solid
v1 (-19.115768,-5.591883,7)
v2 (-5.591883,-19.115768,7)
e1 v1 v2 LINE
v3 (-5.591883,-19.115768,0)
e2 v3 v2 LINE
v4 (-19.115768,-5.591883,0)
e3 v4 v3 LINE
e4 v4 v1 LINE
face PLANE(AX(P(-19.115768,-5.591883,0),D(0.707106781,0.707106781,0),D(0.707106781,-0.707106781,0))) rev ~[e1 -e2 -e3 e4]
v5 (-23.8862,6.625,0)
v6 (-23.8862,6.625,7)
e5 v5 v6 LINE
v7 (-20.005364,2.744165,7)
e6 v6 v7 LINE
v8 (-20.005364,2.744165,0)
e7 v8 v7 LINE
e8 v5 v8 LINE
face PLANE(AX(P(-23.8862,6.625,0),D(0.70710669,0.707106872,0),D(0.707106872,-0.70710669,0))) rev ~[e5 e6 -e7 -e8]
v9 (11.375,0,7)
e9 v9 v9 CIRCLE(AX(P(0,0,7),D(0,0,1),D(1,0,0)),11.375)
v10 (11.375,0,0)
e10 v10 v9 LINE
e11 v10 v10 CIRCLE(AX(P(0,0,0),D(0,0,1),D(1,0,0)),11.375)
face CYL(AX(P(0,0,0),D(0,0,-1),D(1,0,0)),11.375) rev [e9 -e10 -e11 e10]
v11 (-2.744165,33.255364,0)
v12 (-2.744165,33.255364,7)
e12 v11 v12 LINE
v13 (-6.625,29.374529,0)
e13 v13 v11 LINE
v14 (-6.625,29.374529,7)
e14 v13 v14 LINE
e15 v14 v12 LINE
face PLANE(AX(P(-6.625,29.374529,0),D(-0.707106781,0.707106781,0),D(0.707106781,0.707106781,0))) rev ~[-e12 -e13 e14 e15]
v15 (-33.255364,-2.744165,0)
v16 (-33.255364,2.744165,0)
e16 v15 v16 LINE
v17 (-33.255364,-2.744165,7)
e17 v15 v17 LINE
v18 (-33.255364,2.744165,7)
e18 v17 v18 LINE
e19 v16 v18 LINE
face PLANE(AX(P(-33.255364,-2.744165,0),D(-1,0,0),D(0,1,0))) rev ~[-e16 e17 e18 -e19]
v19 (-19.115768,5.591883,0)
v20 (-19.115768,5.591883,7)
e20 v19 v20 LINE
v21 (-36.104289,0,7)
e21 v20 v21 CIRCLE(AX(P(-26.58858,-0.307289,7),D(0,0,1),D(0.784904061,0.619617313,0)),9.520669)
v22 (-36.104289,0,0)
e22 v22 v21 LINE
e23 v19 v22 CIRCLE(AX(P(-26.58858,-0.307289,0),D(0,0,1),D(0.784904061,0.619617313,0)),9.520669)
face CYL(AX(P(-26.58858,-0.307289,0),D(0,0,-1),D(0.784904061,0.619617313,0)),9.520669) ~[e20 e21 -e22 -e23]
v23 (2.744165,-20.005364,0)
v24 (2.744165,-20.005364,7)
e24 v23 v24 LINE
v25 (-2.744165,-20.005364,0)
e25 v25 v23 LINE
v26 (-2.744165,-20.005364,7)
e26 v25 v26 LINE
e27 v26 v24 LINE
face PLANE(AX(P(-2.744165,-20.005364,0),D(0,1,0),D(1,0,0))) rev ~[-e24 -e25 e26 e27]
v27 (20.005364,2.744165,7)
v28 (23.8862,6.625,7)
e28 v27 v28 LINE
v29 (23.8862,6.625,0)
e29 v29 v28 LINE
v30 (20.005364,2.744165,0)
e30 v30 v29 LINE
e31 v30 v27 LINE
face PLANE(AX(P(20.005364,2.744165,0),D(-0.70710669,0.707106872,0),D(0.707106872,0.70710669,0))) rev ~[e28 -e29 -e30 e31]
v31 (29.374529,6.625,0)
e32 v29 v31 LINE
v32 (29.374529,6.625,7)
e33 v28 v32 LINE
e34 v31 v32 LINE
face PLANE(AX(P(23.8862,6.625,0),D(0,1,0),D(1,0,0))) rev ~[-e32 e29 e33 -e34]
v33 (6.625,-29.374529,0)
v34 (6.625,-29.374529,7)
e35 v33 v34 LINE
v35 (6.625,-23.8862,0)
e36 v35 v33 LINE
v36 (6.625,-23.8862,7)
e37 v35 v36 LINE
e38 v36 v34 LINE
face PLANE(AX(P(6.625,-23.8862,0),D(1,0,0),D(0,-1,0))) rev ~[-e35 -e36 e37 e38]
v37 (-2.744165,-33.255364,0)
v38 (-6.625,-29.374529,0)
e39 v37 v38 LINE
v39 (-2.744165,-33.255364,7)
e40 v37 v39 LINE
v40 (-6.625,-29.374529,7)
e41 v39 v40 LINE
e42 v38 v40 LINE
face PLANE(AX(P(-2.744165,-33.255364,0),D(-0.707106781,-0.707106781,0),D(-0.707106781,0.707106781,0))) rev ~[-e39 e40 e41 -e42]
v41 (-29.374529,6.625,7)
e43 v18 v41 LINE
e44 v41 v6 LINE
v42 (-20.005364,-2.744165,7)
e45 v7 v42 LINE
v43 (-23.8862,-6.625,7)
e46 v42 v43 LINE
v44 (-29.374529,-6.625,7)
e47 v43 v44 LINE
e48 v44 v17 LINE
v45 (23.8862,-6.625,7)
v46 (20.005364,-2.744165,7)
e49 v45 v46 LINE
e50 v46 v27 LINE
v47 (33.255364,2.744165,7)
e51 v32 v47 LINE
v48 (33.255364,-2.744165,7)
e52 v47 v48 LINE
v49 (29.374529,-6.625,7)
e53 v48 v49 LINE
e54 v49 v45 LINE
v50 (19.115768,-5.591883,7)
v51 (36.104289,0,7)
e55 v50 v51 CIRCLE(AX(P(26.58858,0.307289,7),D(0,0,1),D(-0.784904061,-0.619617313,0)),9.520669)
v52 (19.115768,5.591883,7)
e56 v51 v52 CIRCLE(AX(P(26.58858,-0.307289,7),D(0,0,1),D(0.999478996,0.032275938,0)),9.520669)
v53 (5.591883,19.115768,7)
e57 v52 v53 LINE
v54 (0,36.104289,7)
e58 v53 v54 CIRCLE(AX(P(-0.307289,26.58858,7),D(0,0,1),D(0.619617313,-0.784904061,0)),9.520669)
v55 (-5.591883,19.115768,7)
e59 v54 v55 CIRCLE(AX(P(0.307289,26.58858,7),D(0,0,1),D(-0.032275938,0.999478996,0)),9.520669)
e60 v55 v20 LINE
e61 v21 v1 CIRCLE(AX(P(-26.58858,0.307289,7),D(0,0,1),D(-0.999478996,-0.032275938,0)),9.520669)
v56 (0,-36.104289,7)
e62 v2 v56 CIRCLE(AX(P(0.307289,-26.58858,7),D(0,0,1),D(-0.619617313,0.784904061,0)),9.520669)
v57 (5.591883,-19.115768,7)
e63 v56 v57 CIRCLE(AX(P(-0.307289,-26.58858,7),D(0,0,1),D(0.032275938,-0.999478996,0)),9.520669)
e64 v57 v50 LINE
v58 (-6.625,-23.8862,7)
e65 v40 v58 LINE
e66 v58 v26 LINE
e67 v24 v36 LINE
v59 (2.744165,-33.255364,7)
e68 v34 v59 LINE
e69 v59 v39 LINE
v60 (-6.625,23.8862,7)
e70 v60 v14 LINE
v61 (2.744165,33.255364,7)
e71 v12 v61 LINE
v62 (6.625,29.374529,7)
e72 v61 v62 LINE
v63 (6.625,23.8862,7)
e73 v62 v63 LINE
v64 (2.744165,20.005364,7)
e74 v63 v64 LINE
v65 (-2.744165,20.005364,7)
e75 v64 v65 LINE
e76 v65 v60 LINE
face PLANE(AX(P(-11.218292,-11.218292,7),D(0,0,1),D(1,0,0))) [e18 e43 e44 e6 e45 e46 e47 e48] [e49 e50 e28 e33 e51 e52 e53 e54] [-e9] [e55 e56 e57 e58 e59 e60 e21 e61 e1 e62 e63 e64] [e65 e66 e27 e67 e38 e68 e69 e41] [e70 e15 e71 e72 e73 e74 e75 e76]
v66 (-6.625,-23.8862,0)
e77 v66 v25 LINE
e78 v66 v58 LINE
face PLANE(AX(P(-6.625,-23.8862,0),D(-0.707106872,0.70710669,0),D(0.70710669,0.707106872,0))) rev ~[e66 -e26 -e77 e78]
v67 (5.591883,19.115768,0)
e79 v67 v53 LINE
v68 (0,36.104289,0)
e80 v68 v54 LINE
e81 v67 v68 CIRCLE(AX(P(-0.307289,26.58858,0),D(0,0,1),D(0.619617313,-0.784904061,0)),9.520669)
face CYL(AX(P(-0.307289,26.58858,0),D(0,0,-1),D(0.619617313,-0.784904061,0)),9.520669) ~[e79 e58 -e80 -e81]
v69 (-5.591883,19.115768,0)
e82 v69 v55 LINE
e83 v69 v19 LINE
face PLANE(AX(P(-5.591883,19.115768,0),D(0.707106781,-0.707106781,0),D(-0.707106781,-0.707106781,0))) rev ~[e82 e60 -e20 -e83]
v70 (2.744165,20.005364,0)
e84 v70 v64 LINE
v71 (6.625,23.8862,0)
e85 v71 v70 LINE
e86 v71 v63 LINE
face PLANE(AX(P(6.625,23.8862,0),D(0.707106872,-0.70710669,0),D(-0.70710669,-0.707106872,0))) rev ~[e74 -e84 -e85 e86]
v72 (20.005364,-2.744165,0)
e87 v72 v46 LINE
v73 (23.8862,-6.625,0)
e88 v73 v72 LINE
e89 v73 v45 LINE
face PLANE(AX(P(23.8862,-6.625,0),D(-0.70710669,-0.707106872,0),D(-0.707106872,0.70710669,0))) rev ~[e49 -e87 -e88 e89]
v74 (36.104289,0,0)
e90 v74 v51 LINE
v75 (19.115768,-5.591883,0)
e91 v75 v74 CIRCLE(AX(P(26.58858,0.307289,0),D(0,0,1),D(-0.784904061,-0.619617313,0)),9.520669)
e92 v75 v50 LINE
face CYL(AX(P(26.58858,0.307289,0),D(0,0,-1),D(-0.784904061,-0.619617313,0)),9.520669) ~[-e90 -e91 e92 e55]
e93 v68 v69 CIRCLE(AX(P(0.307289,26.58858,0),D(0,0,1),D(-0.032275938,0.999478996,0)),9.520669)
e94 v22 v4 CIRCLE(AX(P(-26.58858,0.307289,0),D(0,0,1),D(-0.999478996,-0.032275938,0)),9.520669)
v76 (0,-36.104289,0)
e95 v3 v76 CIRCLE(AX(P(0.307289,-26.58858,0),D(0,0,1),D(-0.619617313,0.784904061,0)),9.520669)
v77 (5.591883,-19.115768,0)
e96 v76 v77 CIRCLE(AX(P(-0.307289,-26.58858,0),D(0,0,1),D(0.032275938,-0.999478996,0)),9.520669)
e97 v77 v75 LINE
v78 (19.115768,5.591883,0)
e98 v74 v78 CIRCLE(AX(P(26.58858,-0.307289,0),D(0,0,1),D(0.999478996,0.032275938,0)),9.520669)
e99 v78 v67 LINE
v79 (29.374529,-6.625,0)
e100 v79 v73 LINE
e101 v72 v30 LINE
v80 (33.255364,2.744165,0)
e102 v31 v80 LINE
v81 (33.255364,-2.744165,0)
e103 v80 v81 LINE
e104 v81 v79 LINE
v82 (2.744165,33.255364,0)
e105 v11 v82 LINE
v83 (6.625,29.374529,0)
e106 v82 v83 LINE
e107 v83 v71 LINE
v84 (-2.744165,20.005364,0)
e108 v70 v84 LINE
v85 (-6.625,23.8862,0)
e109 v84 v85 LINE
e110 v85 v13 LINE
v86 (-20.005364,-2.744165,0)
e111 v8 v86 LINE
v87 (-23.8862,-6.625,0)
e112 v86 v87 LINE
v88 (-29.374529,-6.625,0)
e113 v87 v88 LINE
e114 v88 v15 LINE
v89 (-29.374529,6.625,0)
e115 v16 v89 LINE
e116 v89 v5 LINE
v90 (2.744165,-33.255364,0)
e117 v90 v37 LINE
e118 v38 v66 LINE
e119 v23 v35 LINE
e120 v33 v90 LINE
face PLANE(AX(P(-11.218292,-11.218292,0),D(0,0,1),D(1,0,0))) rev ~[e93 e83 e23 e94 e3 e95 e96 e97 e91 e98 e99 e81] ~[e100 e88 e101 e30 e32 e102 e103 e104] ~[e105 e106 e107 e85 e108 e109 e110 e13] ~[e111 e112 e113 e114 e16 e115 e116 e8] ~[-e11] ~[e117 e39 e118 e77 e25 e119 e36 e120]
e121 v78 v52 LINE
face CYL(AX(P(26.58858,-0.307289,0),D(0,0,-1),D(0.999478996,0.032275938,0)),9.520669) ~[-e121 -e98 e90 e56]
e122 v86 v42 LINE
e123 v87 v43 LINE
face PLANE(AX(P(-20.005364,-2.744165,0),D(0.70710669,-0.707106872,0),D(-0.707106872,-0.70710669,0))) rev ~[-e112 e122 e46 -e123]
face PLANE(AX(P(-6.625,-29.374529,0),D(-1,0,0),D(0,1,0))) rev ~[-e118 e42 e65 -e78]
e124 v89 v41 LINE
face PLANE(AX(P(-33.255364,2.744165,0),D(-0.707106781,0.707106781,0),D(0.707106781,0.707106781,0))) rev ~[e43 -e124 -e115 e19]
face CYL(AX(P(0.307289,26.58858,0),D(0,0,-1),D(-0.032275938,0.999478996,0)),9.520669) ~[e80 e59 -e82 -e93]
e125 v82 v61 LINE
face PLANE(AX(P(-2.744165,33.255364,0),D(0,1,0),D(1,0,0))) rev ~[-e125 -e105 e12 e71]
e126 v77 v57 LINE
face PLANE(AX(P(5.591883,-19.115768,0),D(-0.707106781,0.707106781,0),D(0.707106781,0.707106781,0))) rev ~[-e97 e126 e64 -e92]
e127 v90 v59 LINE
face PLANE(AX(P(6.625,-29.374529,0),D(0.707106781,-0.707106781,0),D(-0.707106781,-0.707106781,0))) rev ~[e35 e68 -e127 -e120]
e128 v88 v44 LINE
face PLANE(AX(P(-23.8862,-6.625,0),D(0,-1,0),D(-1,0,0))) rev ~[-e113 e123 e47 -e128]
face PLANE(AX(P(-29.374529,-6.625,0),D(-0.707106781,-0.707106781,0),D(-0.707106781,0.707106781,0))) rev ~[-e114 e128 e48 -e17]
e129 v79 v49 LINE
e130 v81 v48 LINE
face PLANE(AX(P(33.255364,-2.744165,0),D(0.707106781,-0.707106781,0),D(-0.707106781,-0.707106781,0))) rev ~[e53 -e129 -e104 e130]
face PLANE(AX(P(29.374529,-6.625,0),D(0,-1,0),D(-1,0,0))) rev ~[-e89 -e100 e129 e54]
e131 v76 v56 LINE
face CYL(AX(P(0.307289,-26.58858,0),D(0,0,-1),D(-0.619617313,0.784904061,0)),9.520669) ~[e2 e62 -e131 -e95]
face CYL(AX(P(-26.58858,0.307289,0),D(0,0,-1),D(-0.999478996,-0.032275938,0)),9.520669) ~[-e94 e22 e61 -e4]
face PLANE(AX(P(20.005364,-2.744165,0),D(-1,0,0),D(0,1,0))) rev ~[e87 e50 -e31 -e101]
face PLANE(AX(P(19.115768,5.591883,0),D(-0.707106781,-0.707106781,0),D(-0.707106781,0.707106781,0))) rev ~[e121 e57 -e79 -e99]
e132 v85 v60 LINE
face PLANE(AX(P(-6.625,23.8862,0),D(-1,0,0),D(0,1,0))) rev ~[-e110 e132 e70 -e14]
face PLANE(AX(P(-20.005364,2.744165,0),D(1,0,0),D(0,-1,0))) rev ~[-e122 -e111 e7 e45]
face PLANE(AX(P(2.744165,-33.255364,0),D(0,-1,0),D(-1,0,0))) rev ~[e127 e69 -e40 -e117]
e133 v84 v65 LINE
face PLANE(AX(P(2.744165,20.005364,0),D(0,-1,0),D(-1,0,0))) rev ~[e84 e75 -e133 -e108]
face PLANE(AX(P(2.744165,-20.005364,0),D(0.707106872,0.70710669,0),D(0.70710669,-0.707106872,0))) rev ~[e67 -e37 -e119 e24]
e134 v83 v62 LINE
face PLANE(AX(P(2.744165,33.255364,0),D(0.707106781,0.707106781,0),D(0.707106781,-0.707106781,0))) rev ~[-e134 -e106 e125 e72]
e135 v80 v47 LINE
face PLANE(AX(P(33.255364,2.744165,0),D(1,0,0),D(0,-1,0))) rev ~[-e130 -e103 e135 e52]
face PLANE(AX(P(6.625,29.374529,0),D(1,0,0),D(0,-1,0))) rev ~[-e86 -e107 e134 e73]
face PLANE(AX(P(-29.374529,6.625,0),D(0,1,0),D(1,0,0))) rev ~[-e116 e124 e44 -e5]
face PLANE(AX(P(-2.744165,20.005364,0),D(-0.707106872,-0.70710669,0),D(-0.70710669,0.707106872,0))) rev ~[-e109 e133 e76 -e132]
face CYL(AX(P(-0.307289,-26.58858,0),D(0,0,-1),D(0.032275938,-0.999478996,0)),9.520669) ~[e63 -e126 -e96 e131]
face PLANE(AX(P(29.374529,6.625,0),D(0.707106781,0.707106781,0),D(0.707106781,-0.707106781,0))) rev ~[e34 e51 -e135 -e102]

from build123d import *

# Parameters (mm, degrees)
F0_R     = 11.375
F1_DEPTH = 7


with BuildPart() as f1:
    # F0 (on Top) → F1 (new body)
    with BuildSketch(Plane.XY):
        Polygon((-5.591883, -19.115768), (-5.591883, -13.5), (-13.5, -5.591883), (-19.115768, -5.591883), align=None)
        Polygon((-13.5, 5.591883), (-5.591883, 13.5), (-5.591883, 19.115768), (-19.115768, 5.591883), align=None)
        with BuildLine():
            Line((-5.591883, 13.5), (5.591883, 13.5))
            Line((5.591883, 13.5), (5.591883, 19.115768))
            ThreePointArc((5.591883, 19.115768), (8.736079, 29.565264), (0, 36.104289))
            ThreePointArc((0, 36.104289), (-8.736079, 29.565264), (-5.591883, 19.115768))
            Line((-5.591883, 19.115768), (-5.591883, 13.5))
        make_face()
        Polygon((2.744165, 33.255364), (6.625, 29.374529), (6.625, 23.8862), (2.744165, 20.005364), (-2.744165, 20.005364), (-6.625, 23.8862), (-6.625, 29.374529), (-2.744165, 33.255364), align=None, mode=Mode.SUBTRACT)
        with BuildLine():
            Line((-13.5, -5.591883), (-13.5, 5.591883))
            Line((-13.5, 5.591883), (-19.115768, 5.591883))
            ThreePointArc((-19.115768, 5.591883), (-29.565264, 8.736079), (-36.104289, 0))
            ThreePointArc((-36.104289, 0), (-29.565264, -8.736079), (-19.115768, -5.591883))
            Line((-19.115768, -5.591883), (-13.5, -5.591883))
        make_face()
        Polygon((-20.005364, 2.744165), (-20.005364, -2.744165), (-23.8862, -6.625), (-29.374529, -6.625), (-33.255364, -2.744165), (-33.255364, 2.744165), (-29.374529, 6.625), (-23.8862, 6.625), align=None, mode=Mode.SUBTRACT)
        Polygon((5.591883, 13.5), (13.5, 5.591883), (19.115768, 5.591883), (5.591883, 19.115768), align=None)
        with BuildLine():
            Line((19.115768, 5.591883), (13.5, 5.591883))
            Line((13.5, 5.591883), (13.5, -5.591883))
            Line((13.5, -5.591883), (19.115768, -5.591883))
            ThreePointArc((19.115768, -5.591883), (29.565264, -8.736079), (36.104289, 0))
            ThreePointArc((36.104289, 0), (29.565264, 8.736079), (19.115768, 5.591883))
        make_face()
        Polygon((20.005364, -2.744165), (20.005364, 2.744165), (23.8862, 6.625), (29.374529, 6.625), (33.255364, 2.744165), (33.255364, -2.744165), (29.374529, -6.625), (23.8862, -6.625), align=None, mode=Mode.SUBTRACT)
        Polygon((19.115768, -5.591883), (13.5, -5.591883), (5.591883, -13.5), (5.591883, -19.115768), align=None)
        with BuildLine():
            Line((5.591883, -19.115768), (5.591883, -13.5))
            Line((5.591883, -13.5), (-5.591883, -13.5))
            Line((-5.591883, -13.5), (-5.591883, -19.115768))
            ThreePointArc((-5.591883, -19.115768), (-8.736079, -29.565264), (0, -36.104289))
            ThreePointArc((0, -36.104289), (8.736079, -29.565264), (5.591883, -19.115768))
        make_face()
        Polygon((-2.744165, -20.005364), (2.744165, -20.005364), (6.625, -23.8862), (6.625, -29.374529), (2.744165, -33.255364), (-2.744165, -33.255364), (-6.625, -29.374529), (-6.625, -23.8862), align=None, mode=Mode.SUBTRACT)
        Polygon((13.5, -5.591883), (13.5, 5.591883), (5.591883, 13.5), (-5.591883, 13.5), (-13.5, 5.591883), (-13.5, -5.591883), (-5.591883, -13.5), (5.591883, -13.5), align=None)
        Circle(F0_R, mode=Mode.SUBTRACT)
    extrude(amount=F1_DEPTH)


solid = f1.part
